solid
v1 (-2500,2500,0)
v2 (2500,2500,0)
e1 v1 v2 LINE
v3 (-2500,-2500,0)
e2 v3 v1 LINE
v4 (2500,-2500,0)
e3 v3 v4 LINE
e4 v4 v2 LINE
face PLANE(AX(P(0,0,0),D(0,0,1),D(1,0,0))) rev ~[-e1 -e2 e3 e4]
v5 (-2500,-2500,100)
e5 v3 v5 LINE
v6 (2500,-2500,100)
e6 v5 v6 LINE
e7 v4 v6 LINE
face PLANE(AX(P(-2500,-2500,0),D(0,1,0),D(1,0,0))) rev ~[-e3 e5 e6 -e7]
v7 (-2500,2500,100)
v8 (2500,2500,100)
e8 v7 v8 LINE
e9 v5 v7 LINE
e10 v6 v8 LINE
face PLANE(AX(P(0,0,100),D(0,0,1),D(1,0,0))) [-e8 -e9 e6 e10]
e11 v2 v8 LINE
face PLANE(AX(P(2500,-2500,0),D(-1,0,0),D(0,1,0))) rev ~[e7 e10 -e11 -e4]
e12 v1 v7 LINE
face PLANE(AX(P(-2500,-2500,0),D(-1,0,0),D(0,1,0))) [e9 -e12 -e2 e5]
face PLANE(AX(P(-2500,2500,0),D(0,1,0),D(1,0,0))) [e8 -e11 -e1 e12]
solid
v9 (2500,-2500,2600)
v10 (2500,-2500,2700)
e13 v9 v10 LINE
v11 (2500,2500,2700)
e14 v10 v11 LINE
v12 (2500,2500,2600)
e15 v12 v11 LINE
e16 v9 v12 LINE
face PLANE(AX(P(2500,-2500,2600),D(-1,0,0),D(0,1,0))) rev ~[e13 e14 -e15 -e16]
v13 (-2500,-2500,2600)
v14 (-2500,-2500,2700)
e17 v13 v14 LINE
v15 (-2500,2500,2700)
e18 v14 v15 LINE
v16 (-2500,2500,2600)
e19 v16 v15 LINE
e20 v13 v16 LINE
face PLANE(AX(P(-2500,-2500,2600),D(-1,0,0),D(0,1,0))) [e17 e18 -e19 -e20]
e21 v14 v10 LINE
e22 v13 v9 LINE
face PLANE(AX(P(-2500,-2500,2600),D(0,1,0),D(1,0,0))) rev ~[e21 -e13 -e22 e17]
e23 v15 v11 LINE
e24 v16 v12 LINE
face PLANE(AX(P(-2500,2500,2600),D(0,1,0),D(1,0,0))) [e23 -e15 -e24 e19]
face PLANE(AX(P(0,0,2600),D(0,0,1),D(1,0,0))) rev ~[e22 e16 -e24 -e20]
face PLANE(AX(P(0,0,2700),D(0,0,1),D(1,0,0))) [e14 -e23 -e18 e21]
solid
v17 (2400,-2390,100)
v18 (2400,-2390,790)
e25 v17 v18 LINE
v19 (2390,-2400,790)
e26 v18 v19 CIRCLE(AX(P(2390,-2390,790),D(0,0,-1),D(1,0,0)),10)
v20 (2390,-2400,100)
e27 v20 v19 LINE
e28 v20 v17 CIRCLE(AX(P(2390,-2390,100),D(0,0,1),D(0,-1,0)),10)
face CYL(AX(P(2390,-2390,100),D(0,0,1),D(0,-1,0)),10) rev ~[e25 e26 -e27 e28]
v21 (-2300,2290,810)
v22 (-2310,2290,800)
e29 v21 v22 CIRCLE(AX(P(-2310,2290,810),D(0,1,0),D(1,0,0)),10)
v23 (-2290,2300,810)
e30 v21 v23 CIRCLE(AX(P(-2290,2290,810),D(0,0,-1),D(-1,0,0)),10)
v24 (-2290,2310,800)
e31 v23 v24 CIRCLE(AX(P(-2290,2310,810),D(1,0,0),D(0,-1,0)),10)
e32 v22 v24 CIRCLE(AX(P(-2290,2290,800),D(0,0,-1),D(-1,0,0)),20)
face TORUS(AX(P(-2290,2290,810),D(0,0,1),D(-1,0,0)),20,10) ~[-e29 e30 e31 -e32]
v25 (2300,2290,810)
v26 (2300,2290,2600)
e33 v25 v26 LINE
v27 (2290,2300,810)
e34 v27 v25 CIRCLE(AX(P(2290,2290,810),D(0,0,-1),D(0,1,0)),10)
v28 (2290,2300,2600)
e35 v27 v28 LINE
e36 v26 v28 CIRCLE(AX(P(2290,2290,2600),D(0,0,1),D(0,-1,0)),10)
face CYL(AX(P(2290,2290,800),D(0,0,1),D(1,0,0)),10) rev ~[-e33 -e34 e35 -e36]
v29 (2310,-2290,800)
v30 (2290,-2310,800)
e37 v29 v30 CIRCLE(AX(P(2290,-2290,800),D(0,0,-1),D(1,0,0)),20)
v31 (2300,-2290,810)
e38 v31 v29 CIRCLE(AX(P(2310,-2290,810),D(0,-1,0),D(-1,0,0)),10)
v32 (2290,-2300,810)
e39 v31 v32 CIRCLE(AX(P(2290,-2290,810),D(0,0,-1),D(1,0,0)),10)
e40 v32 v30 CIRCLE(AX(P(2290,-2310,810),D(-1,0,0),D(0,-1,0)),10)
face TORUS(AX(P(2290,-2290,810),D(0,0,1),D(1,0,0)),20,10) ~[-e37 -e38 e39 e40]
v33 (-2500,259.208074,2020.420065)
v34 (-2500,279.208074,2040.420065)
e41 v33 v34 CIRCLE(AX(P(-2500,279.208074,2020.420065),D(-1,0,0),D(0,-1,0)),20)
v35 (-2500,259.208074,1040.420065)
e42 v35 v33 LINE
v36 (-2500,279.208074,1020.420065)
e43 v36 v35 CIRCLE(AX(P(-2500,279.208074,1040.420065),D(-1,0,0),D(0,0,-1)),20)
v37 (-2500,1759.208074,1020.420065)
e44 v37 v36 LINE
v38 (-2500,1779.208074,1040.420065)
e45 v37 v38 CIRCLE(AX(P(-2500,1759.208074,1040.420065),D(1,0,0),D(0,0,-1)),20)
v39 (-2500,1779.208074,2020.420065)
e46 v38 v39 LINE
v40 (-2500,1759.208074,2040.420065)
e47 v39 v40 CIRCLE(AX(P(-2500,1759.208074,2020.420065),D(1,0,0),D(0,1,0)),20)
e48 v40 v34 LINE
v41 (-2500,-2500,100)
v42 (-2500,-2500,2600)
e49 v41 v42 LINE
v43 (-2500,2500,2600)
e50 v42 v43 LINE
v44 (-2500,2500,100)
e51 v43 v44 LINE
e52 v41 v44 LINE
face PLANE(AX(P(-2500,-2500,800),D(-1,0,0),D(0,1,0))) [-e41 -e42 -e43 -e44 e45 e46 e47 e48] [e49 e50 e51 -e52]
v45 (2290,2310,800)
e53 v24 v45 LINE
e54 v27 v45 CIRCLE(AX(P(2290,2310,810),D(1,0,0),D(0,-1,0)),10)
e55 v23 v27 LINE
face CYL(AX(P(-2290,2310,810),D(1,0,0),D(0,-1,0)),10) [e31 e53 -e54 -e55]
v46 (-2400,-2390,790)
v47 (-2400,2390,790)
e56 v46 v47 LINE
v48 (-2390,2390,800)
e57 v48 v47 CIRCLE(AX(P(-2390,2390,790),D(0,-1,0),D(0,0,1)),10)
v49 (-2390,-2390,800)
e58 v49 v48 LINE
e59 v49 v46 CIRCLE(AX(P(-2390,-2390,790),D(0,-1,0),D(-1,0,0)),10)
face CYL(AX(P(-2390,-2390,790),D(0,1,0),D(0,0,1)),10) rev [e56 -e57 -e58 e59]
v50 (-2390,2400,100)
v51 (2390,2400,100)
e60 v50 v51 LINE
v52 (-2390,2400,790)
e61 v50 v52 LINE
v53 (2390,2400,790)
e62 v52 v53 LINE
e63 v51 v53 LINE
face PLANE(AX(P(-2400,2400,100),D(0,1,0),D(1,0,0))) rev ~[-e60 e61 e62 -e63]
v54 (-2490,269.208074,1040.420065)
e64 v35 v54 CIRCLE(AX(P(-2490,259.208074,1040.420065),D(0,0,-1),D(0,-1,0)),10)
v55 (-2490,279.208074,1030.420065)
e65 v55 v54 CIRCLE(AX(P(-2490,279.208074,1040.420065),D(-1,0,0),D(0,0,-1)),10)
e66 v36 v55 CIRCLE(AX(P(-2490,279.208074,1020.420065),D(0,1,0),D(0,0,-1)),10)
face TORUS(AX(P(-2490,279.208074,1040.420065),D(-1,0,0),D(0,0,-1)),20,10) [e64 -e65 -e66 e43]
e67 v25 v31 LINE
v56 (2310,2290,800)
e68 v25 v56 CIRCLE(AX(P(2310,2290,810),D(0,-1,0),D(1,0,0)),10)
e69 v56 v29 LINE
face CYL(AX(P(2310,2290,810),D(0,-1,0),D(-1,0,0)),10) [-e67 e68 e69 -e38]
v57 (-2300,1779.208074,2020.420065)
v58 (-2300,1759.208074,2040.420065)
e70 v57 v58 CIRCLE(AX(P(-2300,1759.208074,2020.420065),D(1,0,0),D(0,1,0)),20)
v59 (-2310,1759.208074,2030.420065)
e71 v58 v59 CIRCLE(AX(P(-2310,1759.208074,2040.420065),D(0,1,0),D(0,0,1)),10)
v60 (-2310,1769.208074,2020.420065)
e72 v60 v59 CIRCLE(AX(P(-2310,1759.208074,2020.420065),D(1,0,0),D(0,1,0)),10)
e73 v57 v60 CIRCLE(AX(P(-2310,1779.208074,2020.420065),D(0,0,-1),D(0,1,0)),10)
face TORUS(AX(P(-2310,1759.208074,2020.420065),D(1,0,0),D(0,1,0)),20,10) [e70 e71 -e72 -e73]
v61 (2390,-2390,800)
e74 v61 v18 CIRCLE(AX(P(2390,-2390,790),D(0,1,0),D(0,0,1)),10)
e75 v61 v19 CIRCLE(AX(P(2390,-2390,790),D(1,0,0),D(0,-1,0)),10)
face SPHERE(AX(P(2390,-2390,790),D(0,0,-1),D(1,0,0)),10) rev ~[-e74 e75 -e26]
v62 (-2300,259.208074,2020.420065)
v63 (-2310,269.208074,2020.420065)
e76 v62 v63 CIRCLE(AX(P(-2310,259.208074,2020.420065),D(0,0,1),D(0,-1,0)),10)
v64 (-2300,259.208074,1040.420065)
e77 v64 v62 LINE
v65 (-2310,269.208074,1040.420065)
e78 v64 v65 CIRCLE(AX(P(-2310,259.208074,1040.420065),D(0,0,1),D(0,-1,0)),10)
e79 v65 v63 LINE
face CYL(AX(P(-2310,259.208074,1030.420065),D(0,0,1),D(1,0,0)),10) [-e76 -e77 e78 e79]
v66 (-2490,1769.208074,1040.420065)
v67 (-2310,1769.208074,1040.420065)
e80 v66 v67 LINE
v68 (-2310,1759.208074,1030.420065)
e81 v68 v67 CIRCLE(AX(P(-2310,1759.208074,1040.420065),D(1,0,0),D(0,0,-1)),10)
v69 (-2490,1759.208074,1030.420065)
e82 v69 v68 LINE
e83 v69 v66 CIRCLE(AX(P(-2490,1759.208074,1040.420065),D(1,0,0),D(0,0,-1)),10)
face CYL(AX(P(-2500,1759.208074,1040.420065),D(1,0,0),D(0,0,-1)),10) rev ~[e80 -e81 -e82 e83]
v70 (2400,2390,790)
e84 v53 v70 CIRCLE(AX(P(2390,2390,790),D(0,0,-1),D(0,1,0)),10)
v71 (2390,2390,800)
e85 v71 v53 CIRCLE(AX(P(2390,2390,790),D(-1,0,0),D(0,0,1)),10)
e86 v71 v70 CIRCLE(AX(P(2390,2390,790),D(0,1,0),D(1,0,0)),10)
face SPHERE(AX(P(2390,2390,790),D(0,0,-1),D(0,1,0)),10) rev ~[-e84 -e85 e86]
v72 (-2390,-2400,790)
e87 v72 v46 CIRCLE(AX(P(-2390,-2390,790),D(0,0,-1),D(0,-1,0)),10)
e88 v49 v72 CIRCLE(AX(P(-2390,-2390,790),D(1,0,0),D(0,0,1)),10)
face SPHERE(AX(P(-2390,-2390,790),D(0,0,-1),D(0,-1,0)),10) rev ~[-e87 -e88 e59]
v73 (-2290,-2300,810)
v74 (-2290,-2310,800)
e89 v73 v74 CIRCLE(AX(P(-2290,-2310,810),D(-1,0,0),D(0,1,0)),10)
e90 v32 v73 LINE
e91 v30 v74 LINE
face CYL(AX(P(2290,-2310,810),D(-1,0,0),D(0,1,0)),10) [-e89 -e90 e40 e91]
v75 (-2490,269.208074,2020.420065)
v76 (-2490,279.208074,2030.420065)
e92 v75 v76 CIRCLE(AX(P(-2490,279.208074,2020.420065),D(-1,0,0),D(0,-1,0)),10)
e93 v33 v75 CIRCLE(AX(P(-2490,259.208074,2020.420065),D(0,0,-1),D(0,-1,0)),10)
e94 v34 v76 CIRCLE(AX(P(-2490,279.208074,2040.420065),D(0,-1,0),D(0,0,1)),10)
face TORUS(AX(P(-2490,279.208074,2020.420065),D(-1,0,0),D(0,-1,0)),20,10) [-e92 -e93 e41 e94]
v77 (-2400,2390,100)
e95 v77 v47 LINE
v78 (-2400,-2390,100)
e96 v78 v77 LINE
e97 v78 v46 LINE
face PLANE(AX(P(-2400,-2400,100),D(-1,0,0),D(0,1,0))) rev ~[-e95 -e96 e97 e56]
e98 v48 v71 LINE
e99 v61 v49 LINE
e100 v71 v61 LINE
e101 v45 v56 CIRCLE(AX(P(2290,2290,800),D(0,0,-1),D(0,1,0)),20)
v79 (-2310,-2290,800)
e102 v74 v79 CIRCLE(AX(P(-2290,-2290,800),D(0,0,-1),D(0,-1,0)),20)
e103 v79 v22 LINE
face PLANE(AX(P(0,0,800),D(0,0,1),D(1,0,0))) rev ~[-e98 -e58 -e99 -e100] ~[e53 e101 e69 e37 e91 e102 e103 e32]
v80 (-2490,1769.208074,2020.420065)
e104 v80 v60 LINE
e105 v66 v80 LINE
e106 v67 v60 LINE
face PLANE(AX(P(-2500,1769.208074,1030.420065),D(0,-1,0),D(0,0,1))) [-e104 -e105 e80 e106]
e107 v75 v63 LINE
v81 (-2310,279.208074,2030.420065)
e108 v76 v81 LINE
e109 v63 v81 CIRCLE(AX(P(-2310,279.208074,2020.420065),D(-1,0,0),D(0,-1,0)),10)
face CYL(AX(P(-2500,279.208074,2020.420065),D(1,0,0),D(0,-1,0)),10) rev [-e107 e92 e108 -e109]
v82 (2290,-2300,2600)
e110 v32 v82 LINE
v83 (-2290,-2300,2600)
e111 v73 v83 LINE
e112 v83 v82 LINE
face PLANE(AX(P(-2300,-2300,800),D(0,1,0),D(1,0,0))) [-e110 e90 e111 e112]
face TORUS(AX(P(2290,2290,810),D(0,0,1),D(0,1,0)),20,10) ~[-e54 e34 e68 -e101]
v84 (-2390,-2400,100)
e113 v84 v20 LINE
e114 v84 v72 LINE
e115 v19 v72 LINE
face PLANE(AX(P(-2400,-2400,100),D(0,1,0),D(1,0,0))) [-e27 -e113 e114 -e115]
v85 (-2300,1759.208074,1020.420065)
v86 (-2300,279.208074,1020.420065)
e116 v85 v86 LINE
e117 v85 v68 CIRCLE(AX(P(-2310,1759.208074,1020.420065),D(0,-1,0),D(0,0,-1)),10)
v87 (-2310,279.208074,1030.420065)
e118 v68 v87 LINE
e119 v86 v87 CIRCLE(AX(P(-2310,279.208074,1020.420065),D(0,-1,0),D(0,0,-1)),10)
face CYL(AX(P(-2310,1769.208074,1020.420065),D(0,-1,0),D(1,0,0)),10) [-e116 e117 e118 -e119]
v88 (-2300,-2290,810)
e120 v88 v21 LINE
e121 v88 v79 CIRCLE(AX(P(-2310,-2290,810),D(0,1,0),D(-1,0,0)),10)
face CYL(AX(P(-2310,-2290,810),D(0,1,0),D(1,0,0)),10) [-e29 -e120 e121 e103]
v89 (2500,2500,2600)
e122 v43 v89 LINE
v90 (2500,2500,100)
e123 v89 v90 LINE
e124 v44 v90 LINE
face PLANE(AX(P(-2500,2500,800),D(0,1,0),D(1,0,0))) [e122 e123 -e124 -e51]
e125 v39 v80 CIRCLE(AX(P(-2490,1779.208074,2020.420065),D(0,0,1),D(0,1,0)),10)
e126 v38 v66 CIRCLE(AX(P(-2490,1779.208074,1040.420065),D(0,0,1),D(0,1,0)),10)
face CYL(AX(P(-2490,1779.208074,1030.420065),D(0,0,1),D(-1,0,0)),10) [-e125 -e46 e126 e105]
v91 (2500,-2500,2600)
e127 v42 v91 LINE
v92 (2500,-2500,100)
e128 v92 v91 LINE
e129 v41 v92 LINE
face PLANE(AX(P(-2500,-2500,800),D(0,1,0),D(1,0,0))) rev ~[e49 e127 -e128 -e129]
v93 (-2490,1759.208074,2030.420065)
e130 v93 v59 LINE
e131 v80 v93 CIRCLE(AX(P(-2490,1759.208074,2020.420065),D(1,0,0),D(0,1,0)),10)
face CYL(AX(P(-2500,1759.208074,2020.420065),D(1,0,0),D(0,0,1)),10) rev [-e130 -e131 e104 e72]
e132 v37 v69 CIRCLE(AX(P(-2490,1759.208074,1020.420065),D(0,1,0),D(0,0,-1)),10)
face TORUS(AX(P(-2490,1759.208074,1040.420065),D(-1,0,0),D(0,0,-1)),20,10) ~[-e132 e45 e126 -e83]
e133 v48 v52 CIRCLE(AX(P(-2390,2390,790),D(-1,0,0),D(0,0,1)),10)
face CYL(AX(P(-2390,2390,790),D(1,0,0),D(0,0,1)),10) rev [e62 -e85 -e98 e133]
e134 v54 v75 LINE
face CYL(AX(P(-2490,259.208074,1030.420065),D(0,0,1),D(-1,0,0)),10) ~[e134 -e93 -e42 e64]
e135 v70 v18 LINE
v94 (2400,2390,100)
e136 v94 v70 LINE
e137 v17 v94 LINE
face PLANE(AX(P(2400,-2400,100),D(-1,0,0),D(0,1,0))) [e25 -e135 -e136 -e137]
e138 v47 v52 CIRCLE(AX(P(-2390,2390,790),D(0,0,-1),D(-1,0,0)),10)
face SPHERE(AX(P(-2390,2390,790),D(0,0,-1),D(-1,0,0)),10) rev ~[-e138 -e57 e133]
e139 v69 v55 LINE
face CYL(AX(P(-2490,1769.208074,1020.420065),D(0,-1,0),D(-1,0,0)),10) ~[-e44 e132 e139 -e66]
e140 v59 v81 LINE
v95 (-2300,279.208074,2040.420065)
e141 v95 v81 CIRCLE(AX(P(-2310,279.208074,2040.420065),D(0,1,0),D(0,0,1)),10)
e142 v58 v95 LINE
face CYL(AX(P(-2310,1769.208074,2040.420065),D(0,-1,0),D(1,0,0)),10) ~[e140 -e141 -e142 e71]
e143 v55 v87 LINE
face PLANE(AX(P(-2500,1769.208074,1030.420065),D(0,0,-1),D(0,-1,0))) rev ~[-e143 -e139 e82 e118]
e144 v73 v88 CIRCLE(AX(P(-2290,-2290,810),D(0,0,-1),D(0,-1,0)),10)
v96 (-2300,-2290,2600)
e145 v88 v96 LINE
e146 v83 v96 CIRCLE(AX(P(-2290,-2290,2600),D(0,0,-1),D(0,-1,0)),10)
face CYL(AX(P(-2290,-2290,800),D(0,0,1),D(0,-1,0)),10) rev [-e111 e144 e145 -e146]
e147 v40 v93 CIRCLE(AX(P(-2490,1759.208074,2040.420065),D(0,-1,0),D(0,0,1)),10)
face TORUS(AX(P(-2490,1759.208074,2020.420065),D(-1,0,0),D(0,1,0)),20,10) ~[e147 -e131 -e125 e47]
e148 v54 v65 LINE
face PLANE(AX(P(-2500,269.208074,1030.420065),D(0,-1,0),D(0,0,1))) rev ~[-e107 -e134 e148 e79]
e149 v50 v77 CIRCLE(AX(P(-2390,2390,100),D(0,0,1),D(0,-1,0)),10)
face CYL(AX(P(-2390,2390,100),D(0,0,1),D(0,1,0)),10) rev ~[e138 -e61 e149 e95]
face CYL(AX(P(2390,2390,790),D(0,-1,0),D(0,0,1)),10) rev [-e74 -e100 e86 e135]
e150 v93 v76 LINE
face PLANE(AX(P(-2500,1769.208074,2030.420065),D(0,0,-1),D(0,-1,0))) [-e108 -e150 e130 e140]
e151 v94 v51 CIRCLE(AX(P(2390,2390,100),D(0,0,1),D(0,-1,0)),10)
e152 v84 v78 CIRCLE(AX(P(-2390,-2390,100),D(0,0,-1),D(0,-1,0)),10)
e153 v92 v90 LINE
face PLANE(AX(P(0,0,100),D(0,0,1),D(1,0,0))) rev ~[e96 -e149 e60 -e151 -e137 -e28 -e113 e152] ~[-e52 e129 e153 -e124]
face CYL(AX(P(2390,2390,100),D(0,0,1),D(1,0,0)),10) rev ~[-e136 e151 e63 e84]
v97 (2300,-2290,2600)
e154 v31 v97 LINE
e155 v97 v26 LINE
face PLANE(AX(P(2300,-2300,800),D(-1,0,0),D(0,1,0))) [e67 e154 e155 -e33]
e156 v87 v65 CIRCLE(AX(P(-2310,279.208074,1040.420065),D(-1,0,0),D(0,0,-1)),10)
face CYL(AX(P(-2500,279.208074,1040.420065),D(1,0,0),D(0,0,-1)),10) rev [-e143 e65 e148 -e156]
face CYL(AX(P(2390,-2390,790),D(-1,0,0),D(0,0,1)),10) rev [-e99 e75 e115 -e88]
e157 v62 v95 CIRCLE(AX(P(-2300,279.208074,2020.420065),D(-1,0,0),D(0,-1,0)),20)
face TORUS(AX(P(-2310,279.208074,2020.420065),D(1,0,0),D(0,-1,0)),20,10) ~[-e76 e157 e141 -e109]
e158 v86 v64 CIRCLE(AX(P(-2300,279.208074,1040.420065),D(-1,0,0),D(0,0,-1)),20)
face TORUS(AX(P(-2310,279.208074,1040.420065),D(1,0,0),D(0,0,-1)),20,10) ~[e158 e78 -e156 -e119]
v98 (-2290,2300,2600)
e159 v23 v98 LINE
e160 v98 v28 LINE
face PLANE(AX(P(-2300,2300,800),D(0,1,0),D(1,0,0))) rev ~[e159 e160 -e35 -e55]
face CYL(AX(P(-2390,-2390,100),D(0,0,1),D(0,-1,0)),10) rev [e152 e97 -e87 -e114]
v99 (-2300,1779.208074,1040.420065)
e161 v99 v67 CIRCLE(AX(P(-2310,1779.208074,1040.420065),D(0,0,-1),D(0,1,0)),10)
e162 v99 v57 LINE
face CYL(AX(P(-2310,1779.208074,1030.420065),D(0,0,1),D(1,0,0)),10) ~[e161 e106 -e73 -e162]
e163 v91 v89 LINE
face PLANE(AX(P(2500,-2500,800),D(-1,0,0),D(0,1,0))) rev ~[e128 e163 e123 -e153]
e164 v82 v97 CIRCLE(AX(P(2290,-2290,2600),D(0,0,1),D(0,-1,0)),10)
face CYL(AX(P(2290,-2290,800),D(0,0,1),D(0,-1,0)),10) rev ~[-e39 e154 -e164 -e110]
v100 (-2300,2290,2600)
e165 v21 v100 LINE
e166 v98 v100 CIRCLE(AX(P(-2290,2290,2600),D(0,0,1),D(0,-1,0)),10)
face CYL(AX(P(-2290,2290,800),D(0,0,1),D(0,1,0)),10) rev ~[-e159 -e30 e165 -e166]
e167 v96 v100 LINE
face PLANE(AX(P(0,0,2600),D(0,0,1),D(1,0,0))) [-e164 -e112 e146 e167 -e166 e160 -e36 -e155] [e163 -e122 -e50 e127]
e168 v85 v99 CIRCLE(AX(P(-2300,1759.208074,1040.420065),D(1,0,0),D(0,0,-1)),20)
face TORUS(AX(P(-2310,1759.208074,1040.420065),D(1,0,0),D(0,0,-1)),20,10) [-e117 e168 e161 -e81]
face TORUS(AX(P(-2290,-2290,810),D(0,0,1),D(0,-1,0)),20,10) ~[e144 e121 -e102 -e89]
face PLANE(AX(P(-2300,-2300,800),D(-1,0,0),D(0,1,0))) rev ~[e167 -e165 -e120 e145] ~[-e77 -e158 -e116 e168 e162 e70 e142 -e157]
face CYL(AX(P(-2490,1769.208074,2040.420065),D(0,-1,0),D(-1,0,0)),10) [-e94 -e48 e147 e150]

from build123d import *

# Parameters (mm, degrees)
F0_W     = 5000
F0_H     = 5000
F1_DEPTH = 100
F2_W     = 5000
F2_H     = 5000
F2_W_2   = 4800
F2_H_2   = 4800
F3_DEPTH = 700
F4_W     = 5000
F4_H     = 5000
F4_W_2   = 4800
F4_H_2   = 4800
F4_W_3   = 4600
F4_H_3   = 4600
F5_DEPTH = 1800
F6_W     = 5000
F6_H     = 5000
F6_W_2   = 4600
F6_H_2   = 4600
F7_DEPTH = 100
F8_W     = 1500
F8_H     = 1000
F9_DEPTH = 200
F10_R    = 10
F11_R    = 10
F12_R    = 10


with BuildPart() as f1:
    # F0 (on Top) → F1 (new body)
    with BuildSketch(Plane.XY):
        Rectangle(F0_W, F0_H)
    extrude(amount=F1_DEPTH)


with BuildPart() as f3:
    # F2 (on face) → F3 (new body)
    with BuildSketch(Plane.XY.offset(100)):
        Rectangle(F2_W, F2_H)
        Rectangle(F2_W_2, F2_H_2, mode=Mode.SUBTRACT)
    extrude(amount=F3_DEPTH)

    # F4 (on face) → F5 (join)
    with BuildSketch(Plane.XY.offset(800)):
        Rectangle(F4_W, F4_H)
        Rectangle(F4_W_2, F4_H_2, mode=Mode.SUBTRACT)
        Rectangle(F4_W_2, F4_H_2)
        Rectangle(F4_W_3, F4_H_3, mode=Mode.SUBTRACT)
    extrude(amount=F5_DEPTH)

    # F8 (on face) → F9 (cut, through all)
    with BuildSketch(Plane(origin=(-2500, 0, 0), x_dir=(0, -1, 0), z_dir=(-1, 0, 0))):
        with Locations((-1019.208073616, 1530.4200649261)):
            Rectangle(F8_W, F8_H)
    extrude(amount=-F9_DEPTH, mode=Mode.SUBTRACT)

    # F10
    f10_edges = [f3.edges().sort_by_distance(p)[0] for p in [
        (-2300, 2300, 1700),
        (2300, 2300, 1700),
        (2300, -2300, 1700),
        (-2300, -2300, 1700),
        (-2400, -2400, 450),
        (-2400, 2400, 450),
        (2400, 2400, 450),
        (2400, -2400, 450),
    ]]
    fillet(f10_edges, radius=F10_R)

    # F11
    f11_edges = [f3.edges().sort_by_distance(p)[0] for p in [
        (0, 2300, 800),
        (0, 2400, 800),
    ]]
    fillet(f11_edges, radius=F11_R)

    # F12
    f12_edges = [f3.edges().sort_by_distance(p)[0] for p in [
        (-2400, 1769.208074, 1030.420065),
        (-2400, 269.208074, 1030.420065),
        (-2500, 1019.208074, 1030.420065),
        (-2300, 1019.208074, 1030.420065),
        (-2400, 1769.208074, 2030.420065),
        (-2500, 1769.208074, 1530.420065),
        (-2300, 1769.208074, 1530.420065),
        (-2400, 269.208074, 2030.420065),
        (-2500, 269.208074, 1530.420065),
        (-2300, 269.208074, 1530.420065),
        (-2500, 1019.208074, 2030.420065),
        (-2300, 1019.208074, 2030.420065),
    ]]
    fillet(f12_edges, radius=F12_R)


with BuildPart() as f7:
    # F6 (on face) → F7 (new body)
    with BuildSketch(Plane.XY.offset(2600)):
        Rectangle(F6_W, F6_H)
        Rectangle(F6_W_2, F6_H_2, mode=Mode.SUBTRACT)
        Rectangle(F6_W_2, F6_H_2)
    extrude(amount=F7_DEPTH)


solid = Compound([f1.part, f3.part, f7.part])
